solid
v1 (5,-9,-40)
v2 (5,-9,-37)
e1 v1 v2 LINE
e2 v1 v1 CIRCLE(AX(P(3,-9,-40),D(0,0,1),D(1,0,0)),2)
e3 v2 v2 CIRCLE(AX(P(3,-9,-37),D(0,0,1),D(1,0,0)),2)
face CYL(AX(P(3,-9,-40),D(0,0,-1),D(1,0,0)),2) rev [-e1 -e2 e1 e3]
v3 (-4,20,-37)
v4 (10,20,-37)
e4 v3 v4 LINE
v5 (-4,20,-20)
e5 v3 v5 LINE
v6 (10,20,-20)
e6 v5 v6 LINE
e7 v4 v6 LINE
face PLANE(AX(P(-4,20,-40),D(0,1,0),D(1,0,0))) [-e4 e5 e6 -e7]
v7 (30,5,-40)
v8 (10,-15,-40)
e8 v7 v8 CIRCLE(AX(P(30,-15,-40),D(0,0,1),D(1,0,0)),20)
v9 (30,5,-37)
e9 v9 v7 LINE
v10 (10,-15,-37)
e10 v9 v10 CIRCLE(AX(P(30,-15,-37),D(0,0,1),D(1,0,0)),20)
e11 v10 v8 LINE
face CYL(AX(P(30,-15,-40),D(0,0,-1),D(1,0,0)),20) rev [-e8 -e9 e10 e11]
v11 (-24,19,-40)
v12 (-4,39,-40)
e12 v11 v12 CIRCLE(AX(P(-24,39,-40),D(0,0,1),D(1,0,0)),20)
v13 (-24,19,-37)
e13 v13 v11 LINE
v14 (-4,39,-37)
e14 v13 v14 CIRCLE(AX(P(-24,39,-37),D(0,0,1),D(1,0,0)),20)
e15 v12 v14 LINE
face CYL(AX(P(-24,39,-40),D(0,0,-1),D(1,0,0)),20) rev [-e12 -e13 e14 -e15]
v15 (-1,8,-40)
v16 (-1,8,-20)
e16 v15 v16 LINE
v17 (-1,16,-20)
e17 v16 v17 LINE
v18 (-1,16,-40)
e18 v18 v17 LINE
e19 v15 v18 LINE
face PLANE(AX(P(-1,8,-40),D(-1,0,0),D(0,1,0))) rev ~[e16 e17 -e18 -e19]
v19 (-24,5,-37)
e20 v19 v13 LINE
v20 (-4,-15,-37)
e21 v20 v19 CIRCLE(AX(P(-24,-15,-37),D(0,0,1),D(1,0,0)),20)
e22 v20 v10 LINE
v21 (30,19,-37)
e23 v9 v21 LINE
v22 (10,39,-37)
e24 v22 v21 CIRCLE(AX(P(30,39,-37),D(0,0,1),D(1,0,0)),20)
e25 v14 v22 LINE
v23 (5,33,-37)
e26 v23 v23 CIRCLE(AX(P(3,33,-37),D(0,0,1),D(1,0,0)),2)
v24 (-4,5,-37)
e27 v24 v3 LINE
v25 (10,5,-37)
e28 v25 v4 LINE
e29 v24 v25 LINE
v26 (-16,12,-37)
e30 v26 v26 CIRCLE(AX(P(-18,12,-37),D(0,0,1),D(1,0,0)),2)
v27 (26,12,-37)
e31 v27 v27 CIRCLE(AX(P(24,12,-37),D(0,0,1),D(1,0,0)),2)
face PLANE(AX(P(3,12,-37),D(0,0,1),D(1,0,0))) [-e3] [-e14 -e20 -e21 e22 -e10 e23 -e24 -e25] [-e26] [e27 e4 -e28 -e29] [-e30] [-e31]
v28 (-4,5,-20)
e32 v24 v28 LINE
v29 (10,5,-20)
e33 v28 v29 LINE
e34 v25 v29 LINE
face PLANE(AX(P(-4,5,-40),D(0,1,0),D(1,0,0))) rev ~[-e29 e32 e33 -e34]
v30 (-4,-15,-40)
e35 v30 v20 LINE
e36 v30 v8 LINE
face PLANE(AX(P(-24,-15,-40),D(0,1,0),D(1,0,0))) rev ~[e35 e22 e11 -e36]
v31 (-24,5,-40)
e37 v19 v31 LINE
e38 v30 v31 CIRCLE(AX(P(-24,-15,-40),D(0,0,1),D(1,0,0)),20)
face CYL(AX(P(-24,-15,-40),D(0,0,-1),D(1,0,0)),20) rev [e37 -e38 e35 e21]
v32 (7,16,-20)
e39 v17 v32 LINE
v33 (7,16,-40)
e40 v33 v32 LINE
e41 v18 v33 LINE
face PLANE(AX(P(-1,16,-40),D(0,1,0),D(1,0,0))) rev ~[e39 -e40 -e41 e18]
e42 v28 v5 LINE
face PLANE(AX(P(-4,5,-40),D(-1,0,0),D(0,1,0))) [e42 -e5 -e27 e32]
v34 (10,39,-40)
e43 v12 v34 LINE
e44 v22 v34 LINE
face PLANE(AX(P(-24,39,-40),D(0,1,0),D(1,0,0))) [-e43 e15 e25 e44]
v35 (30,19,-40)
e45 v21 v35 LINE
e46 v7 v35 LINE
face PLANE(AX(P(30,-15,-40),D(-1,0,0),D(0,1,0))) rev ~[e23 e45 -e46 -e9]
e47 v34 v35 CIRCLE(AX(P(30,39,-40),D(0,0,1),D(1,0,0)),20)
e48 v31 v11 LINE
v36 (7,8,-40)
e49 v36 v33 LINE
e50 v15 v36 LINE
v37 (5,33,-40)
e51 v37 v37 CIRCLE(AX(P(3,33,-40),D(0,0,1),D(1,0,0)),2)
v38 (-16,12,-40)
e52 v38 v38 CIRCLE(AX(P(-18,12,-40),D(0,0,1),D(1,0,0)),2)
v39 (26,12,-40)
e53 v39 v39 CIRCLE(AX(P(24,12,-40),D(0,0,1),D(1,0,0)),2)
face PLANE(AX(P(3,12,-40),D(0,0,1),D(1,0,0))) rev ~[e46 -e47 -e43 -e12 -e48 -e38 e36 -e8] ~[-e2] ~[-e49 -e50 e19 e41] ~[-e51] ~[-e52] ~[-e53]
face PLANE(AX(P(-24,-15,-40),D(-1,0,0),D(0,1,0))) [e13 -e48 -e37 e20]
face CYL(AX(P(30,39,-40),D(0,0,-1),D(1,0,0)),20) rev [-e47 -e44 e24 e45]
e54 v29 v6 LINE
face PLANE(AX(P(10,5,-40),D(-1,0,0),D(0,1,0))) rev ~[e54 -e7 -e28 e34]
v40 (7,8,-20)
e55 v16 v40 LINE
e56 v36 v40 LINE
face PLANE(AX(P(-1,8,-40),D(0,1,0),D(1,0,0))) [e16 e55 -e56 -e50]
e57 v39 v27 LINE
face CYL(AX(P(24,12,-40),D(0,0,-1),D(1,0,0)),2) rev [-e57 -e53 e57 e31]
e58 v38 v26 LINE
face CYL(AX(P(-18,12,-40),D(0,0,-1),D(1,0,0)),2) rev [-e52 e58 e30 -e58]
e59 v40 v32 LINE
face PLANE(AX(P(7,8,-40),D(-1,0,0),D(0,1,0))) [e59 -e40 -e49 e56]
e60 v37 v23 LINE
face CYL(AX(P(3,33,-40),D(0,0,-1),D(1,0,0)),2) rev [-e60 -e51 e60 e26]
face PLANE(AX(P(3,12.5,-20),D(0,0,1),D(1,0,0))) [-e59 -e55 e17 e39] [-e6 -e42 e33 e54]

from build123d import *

# Parameters (mm, degrees)
CYLINDER018_R     = 2
CYLINDER018_DEPTH = 3
CYLINDER019_R     = 2
CYLINDER019_DEPTH = 3
CYLINDER014_R     = 20
CYLINDER014_DEPTH = 3
CYLINDER021_R     = 2
CYLINDER021_DEPTH = 3
CYLINDER017_R     = 20
CYLINDER017_DEPTH = 3
CYLINDER016_R     = 20
CYLINDER016_DEPTH = 3
CYLINDER015_R     = 20
CYLINDER015_DEPTH = 3
CYLINDER020_R     = 2
CYLINDER020_DEPTH = 3
BOX016_W          = 8
BOX016_H          = 8
BOX016_DEPTH      = 20
BOX018_W          = 54
BOX018_H          = 54
BOX018_DEPTH      = 3
BOX015_W          = 14
BOX015_H          = 15
BOX015_DEPTH      = 20


with BuildPart() as zylinder018:
    # Cylinder018 → Cylinder018 (new body)
    with BuildSketch(Plane(origin=(3, -9, -40), x_dir=(1, 0, 0), z_dir=(0, 0, 1))):
        Circle(CYLINDER018_R)
    extrude(amount=CYLINDER018_DEPTH)


with BuildPart() as zylinder019:
    # Cylinder019 → Cylinder019 (new body)
    with BuildSketch(Plane(origin=(3, 33, -40), x_dir=(1, 0, 0), z_dir=(0, 0, 1))):
        Circle(CYLINDER019_R)
    extrude(amount=CYLINDER019_DEPTH)


with BuildPart() as zylinder014:
    # Cylinder014 → Cylinder014 (new body)
    with BuildSketch(Plane(origin=(30, -15, -40), x_dir=(1, 0, 0), z_dir=(0, 0, 1))):
        Circle(CYLINDER014_R)
    extrude(amount=CYLINDER014_DEPTH)


with BuildPart() as zylinder021:
    # Cylinder021 → Cylinder021 (new body)
    with BuildSketch(Plane(origin=(-18, 12, -40), x_dir=(1, 0, 0), z_dir=(0, 0, 1))):
        Circle(CYLINDER021_R)
    extrude(amount=CYLINDER021_DEPTH)


with BuildPart() as zylinder017:
    # Cylinder017 → Cylinder017 (new body)
    with BuildSketch(Plane(origin=(30, 39, -40), x_dir=(1, 0, 0), z_dir=(0, 0, 1))):
        Circle(CYLINDER017_R)
    extrude(amount=CYLINDER017_DEPTH)


with BuildPart() as zylinder016:
    # Cylinder016 → Cylinder016 (new body)
    with BuildSketch(Plane(origin=(-24, 39, -40), x_dir=(1, 0, 0), z_dir=(0, 0, 1))):
        Circle(CYLINDER016_R)
    extrude(amount=CYLINDER016_DEPTH)


with BuildPart() as zylinder015:
    # Cylinder015 → Cylinder015 (new body)
    with BuildSketch(Plane(origin=(-24, -15, -40), x_dir=(1, 0, 0), z_dir=(0, 0, 1))):
        Circle(CYLINDER015_R)
    extrude(amount=CYLINDER015_DEPTH)


with BuildPart() as zylinder020:
    # Cylinder020 → Cylinder020 (new body)
    with BuildSketch(Plane(origin=(24, 12, -40), x_dir=(1, 0, 0), z_dir=(0, 0, 1))):
        Circle(CYLINDER020_R)
    extrude(amount=CYLINDER020_DEPTH)


with BuildPart() as fusion009:
    # Box016 → Box016 (new body)
    with BuildSketch(Plane(origin=(-1, 8, -40), x_dir=(1, 0, 0), z_dir=(0, 0, 1))):
        with Locations((4, 4)):
            Rectangle(BOX016_W, BOX016_H)
    extrude(amount=BOX016_DEPTH)

    # Fusion009: union Zylinder018, Zylinder019, Zylinder014, Zylinder021, Zylinder017, Zylinder016, Zylinder015, Zylinder020
    add(zylinder018.part)
    add(zylinder019.part)
    add(zylinder014.part)
    add(zylinder021.part)
    add(zylinder017.part)
    add(zylinder016.part)
    add(zylinder015.part)
    add(zylinder020.part)


with BuildPart() as cube018:
    # Box018 → Box018 (new body)
    with BuildSketch(Plane(origin=(-24, -15, -40), x_dir=(1, 0, 0), z_dir=(0, 0, 1))):
        with Locations((27, 27)):
            Rectangle(BOX018_W, BOX018_H)
    extrude(amount=BOX018_DEPTH)


with BuildPart() as sockel:
    # Box015 → Box015 (new body)
    with BuildSketch(Plane(origin=(-4, 5, -40), x_dir=(1, 0, 0), z_dir=(0, 0, 1))):
        with Locations((7, 7.5)):
            Rectangle(BOX015_W, BOX015_H)
    extrude(amount=BOX015_DEPTH)

    # Fusion008: union Cube018
    add(cube018.part)

    # Cut004: cut Fusion009
    add(fusion009.part, mode=Mode.SUBTRACT)


solid = sockel.part
